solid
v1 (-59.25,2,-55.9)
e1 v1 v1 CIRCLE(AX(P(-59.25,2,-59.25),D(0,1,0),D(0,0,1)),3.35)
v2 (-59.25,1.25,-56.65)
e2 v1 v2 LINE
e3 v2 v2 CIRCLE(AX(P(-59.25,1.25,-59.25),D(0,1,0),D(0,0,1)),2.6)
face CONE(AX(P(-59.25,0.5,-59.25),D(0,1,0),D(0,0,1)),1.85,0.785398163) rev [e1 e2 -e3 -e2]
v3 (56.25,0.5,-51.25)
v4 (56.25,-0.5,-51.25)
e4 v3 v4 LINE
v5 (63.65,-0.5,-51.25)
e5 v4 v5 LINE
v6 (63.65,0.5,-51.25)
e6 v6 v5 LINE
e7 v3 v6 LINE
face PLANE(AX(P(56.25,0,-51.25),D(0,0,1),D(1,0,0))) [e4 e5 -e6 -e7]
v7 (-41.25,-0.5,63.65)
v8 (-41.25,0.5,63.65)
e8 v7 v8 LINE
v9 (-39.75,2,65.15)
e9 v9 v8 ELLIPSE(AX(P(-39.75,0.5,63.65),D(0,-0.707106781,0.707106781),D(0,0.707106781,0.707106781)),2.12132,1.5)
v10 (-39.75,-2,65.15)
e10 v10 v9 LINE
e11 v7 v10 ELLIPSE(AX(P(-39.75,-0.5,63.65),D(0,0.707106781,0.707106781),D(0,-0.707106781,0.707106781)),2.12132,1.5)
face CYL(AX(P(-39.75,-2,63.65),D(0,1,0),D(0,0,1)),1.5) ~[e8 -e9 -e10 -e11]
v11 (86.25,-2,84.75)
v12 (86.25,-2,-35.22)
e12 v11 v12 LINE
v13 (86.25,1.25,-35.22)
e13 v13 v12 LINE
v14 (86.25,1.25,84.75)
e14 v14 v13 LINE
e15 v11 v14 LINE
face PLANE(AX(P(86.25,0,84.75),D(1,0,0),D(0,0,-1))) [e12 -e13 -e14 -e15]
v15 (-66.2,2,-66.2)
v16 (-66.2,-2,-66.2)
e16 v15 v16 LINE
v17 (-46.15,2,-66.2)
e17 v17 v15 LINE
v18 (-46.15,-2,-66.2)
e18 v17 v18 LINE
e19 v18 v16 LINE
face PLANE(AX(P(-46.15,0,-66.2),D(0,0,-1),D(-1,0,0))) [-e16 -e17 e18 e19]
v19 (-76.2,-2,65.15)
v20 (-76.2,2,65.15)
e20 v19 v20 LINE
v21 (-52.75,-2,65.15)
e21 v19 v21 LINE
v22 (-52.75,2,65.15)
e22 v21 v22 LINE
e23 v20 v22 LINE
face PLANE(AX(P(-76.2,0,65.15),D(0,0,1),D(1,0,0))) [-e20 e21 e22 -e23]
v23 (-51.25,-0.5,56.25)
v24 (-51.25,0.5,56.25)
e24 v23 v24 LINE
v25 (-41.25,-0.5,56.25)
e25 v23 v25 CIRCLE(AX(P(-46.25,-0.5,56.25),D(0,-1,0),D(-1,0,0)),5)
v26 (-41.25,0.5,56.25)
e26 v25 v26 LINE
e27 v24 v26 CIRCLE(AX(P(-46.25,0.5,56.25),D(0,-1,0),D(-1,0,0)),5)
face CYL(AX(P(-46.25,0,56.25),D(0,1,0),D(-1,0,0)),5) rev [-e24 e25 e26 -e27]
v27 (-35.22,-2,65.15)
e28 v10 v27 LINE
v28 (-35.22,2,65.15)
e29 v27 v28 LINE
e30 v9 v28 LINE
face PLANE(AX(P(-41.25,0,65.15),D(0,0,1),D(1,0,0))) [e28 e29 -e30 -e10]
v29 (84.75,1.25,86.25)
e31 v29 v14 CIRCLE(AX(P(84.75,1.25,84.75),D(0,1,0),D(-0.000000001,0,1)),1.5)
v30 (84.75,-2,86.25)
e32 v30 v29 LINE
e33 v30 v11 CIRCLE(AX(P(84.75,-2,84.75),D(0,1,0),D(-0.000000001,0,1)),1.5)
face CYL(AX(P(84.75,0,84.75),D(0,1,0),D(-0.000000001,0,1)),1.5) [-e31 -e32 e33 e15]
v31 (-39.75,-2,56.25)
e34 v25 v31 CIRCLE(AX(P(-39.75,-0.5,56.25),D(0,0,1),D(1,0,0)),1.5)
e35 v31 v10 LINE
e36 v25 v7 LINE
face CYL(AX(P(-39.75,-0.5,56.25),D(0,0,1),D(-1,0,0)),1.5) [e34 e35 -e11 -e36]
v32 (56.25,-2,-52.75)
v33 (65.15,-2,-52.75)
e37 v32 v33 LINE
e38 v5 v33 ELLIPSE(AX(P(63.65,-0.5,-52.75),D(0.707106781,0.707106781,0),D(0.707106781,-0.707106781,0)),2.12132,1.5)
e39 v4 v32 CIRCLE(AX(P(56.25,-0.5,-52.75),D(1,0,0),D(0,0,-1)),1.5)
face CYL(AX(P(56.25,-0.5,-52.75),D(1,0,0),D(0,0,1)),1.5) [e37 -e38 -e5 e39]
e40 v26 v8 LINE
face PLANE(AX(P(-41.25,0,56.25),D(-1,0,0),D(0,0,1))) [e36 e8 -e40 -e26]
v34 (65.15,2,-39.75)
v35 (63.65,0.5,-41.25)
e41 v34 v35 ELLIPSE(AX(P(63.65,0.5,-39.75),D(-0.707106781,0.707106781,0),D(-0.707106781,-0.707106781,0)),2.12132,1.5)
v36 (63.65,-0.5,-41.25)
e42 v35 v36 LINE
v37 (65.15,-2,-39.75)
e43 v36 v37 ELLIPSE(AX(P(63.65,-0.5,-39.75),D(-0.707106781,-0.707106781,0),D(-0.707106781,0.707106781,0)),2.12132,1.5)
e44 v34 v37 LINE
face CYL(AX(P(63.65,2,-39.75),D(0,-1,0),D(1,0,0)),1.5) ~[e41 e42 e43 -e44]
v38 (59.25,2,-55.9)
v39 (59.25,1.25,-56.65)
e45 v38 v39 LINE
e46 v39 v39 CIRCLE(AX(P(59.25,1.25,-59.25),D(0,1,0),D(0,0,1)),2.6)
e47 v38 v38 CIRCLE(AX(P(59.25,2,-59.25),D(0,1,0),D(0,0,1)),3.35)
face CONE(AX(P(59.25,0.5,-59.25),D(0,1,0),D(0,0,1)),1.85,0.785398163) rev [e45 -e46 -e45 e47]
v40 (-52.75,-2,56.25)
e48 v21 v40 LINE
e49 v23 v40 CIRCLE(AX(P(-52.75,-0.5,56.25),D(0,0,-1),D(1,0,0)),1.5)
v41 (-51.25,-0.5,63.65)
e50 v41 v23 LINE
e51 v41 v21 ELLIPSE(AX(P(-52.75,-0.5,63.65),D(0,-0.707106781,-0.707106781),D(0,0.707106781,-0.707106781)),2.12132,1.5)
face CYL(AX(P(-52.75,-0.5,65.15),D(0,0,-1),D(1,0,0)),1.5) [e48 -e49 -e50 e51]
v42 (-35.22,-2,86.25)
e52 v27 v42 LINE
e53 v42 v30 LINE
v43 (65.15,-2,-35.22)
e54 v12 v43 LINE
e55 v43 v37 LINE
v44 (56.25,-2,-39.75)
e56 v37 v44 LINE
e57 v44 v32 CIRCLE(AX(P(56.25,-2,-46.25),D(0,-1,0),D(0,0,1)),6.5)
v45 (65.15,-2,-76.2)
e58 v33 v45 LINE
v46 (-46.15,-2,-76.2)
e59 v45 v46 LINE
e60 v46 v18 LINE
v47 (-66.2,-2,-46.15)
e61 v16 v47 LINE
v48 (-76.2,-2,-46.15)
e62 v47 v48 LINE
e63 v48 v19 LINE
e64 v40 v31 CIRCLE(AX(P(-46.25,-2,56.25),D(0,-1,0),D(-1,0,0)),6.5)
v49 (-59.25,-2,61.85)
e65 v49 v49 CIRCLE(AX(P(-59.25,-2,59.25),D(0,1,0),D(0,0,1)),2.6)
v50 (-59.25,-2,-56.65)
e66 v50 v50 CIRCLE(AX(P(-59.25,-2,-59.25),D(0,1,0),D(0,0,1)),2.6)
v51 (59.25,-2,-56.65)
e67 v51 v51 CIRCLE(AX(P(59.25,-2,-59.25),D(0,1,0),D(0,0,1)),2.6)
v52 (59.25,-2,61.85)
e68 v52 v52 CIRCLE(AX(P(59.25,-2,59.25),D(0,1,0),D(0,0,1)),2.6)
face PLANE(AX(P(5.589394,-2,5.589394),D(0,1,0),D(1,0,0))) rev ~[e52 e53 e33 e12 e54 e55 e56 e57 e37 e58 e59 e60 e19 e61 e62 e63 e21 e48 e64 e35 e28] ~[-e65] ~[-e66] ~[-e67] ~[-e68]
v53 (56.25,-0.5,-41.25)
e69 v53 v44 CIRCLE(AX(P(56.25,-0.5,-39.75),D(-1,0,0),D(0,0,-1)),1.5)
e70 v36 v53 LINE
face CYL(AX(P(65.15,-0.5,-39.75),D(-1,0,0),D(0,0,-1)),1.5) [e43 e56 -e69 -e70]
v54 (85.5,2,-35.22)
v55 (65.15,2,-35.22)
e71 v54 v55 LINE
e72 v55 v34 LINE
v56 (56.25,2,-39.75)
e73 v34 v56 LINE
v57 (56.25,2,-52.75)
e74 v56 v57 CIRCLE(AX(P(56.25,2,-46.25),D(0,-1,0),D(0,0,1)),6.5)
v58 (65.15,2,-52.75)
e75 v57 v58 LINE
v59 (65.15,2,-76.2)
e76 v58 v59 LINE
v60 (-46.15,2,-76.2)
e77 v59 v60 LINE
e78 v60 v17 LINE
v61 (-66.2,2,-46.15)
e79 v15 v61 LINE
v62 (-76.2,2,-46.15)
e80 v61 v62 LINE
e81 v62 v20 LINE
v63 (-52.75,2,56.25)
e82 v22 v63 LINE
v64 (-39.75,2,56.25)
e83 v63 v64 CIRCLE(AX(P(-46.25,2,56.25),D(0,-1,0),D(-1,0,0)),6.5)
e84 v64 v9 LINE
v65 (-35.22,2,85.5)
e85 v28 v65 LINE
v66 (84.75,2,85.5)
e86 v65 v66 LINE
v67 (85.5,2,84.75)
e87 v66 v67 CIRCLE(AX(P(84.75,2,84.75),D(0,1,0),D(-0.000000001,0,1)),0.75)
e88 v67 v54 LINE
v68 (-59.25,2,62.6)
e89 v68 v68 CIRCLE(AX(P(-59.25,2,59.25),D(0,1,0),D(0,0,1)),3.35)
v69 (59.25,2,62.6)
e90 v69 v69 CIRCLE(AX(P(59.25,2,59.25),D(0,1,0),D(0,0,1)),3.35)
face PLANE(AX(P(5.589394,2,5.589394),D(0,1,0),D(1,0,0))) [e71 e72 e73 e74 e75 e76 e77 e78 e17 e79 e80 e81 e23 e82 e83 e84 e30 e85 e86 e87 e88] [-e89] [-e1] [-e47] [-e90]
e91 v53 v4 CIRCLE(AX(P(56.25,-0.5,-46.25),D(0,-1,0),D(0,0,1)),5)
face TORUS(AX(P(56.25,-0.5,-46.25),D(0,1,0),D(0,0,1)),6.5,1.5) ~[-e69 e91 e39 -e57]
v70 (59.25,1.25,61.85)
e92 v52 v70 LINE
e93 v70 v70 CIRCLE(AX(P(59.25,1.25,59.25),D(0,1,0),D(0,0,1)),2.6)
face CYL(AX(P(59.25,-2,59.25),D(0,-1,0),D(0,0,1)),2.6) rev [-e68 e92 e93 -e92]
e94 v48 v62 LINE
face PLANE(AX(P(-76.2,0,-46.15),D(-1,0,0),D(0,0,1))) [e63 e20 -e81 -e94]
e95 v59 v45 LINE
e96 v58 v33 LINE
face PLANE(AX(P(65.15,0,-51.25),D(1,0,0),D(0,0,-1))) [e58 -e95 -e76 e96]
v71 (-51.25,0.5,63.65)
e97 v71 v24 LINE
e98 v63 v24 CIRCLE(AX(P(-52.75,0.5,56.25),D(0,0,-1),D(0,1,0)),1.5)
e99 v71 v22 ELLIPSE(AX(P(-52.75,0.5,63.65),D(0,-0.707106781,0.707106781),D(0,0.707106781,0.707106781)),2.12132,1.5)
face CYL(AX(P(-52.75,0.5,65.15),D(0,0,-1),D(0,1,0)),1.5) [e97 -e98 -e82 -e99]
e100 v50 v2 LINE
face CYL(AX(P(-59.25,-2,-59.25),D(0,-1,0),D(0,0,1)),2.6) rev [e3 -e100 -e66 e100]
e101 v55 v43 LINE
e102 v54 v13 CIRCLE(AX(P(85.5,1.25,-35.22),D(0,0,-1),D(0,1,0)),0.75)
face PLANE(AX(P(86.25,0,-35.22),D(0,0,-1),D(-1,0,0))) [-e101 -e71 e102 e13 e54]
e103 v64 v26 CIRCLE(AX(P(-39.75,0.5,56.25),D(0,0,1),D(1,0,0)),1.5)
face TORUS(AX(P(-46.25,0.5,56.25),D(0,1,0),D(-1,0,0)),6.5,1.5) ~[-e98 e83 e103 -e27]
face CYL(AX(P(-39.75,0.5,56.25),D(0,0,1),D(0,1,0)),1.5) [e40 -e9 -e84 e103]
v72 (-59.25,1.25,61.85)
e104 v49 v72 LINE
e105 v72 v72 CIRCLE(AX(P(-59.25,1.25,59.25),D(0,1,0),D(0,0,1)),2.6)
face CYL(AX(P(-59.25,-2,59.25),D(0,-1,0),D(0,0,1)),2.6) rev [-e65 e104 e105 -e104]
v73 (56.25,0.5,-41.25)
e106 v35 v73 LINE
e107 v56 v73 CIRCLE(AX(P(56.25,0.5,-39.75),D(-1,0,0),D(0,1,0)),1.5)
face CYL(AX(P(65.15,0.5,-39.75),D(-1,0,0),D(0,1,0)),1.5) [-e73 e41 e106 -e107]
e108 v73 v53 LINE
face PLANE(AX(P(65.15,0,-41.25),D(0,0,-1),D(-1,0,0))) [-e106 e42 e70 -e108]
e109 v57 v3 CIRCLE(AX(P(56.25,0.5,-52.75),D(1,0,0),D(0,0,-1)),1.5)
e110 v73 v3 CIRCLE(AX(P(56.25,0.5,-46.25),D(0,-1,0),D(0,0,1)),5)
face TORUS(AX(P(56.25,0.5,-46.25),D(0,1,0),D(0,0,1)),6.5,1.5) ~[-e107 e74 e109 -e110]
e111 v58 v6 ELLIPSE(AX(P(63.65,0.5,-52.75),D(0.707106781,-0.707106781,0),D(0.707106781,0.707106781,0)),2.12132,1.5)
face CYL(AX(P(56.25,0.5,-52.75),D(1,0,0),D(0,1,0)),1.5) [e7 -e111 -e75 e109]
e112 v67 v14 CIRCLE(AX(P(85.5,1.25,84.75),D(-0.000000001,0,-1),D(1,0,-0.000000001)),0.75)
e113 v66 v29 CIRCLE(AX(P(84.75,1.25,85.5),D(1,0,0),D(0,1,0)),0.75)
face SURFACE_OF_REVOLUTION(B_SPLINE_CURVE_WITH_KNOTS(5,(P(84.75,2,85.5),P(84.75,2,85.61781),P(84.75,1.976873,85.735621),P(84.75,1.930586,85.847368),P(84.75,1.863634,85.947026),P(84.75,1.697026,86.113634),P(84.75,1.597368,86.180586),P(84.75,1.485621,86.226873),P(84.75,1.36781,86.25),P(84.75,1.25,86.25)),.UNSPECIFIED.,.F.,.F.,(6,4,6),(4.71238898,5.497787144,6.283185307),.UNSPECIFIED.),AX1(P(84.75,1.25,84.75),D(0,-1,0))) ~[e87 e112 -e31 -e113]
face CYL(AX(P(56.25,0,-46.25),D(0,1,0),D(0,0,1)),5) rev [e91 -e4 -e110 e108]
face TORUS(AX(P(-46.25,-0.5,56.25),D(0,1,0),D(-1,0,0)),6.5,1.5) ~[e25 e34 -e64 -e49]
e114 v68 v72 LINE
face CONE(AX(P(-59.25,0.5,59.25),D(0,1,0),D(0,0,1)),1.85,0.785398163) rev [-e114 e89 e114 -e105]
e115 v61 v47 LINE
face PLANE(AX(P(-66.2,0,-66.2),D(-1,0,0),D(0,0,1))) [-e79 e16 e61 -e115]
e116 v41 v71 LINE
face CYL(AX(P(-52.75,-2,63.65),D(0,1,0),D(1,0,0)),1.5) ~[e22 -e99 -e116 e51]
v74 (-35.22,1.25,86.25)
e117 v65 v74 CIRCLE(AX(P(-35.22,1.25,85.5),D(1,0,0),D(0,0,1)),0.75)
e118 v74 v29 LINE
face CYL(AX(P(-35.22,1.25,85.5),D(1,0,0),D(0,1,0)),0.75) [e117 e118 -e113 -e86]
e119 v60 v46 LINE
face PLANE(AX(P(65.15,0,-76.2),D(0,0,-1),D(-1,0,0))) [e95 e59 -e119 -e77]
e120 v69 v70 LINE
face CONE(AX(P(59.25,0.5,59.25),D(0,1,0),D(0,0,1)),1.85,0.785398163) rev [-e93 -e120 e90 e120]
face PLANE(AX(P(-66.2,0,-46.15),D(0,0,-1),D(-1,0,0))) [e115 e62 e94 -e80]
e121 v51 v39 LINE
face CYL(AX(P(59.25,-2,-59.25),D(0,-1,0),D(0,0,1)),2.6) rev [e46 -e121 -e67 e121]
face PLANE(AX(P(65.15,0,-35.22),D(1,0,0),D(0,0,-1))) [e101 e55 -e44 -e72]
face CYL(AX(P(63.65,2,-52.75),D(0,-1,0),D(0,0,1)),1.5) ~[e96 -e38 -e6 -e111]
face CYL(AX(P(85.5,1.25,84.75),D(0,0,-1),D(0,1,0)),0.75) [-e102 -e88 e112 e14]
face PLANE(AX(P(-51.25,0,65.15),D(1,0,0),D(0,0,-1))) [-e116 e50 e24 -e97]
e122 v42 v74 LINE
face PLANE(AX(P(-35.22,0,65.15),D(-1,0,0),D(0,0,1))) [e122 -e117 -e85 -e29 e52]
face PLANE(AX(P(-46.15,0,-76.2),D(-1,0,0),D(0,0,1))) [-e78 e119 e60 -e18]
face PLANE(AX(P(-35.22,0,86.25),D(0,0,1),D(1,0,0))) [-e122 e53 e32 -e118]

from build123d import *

# Parameters (mm, degrees)
SKETCH1_R           = 1.85
BOSS_EXTRUDE1_DEPTH = 2
CHAMFER2_SIZE       = 1.5
CUT_EXTRUDE2_START  = -2
SKETCH1_4_R         = 2.6
SKETCH1_4_R_2       = 1.85
CUT_EXTRUDE2_DEPTH  = 3.25
FILLET1_R           = 0.75
FILLET2_R           = 1.5


with BuildPart() as part:
    # Sketch1 → Boss-Extrude1 (new, symmetric)
    with BuildSketch(Plane(origin=(0, 0, 0), x_dir=(1, 0, 0), z_dir=(0, 1, 0))):
        with BuildLine():
            Line((-66.2, 46.15), (-76.2, 46.15))
            Line((-76.2, 46.15), (-76.2, -65.15))
            Line((-76.2, -65.15), (-51.25, -65.15))
            Line((-51.25, -65.15), (-51.25, -56.25))
            ThreePointArc((-51.25, -56.25), (-46.25, -51.25), (-41.25, -56.25))
            Line((-41.25, -56.25), (-41.25, -65.15))
            Line((-41.25, -65.15), (-35.22, -65.15))
            Line((-35.22, -65.15), (-35.22, -86.25))
            Line((-35.22, -86.25), (84.75, -86.25))
            ThreePointArc((84.75, -86.25), (85.810660172, -85.810660172), (86.25, -84.75))
            Line((86.25, -84.75), (86.25, 35.22))
            Line((86.25, 35.22), (65.15, 35.22))
            Line((65.15, 35.22), (65.15, 41.25))
            Line((65.15, 41.25), (56.25, 41.25))
            ThreePointArc((56.25, 41.25), (51.25, 46.25), (56.25, 51.25))
            Line((56.25, 51.25), (65.15, 51.25))
            Line((65.15, 51.25), (65.15, 76.2))
            Line((65.15, 76.2), (-46.15, 76.2))
            Line((-46.15, 76.2), (-46.15, 66.2))
            Line((-46.15, 66.2), (-66.2, 66.2))
            Line((-66.2, 66.2), (-66.2, 46.15))
        make_face()
        with Locations(Location((-59.25, 59.25, 0), (0, 0, 270))):
            Circle(SKETCH1_R, mode=Mode.SUBTRACT)
        with Locations(Location((-59.25, -59.25, 0), (0, 0, 270))):
            Circle(SKETCH1_R, mode=Mode.SUBTRACT)
        with Locations(Location((59.25, -59.25, 0), (0, 0, 270))):
            Circle(SKETCH1_R, mode=Mode.SUBTRACT)
        with Locations(Location((59.25, 59.25, 0), (0, 0, 270))):
            Circle(SKETCH1_R, mode=Mode.SUBTRACT)
    extrude(amount=BOSS_EXTRUDE1_DEPTH, both=True)

    # Chamfer2
    chamfer2_edges = [part.edges().sort_by_distance(p)[0] for p in [
        (-59.25, 2, 57.4),
        (59.25, 2, 57.4),
        (59.25, 2, -61.1),
        (-59.25, 2, -61.1),
    ]]
    chamfer(chamfer2_edges, length=CHAMFER2_SIZE)

    # Sketch1<4> → Cut-Extrude2 (cut)
    # profile 1 of 4: a face of its own
    with BuildSketch(Plane(origin=(0, 0, 0), x_dir=(1, 0, 0), z_dir=(0, 1, 0)).offset(CUT_EXTRUDE2_START)):
        with Locations(Location((-59.25, 59.25, 0), (0, 0, 270))):
            Circle(SKETCH1_4_R)
        with Locations((-59.25, 59.25)):
            Circle(SKETCH1_4_R_2, mode=Mode.SUBTRACT)
    # profile 2 of 4: a face of its own
    with BuildSketch(Plane(origin=(0, 0, 0), x_dir=(1, 0, 0), z_dir=(0, 1, 0)).offset(CUT_EXTRUDE2_START)):
        with Locations(Location((-59.25, -59.25, 0), (0, 0, 270))):
            Circle(SKETCH1_4_R)
        with Locations((-59.25, -59.25)):
            Circle(SKETCH1_4_R_2, mode=Mode.SUBTRACT)
    # profile 3 of 4: a face of its own
    with BuildSketch(Plane(origin=(0, 0, 0), x_dir=(1, 0, 0), z_dir=(0, 1, 0)).offset(CUT_EXTRUDE2_START)):
        with Locations(Location((59.25, -59.25, 0), (0, 0, 270))):
            Circle(SKETCH1_4_R)
        with Locations((59.25, -59.25)):
            Circle(SKETCH1_4_R_2, mode=Mode.SUBTRACT)
    # profile 4 of 4: a face of its own
    with BuildSketch(Plane(origin=(0, 0, 0), x_dir=(1, 0, 0), z_dir=(0, 1, 0)).offset(CUT_EXTRUDE2_START)):
        with Locations(Location((59.25, 59.25, 0), (0, 0, 270))):
            Circle(SKETCH1_4_R)
        with Locations((59.25, 59.25)):
            Circle(SKETCH1_4_R_2, mode=Mode.SUBTRACT)
    extrude(amount=CUT_EXTRUDE2_DEPTH, mode=Mode.SUBTRACT)

    # Fillet1
    fillet1_edges = [part.edges().sort_by_distance(p)[0] for p in [
        (24.765, 2, 86.25),
        (85.810660172, 2, 85.810660172),
        (86.25, 2, 24.765),
    ]]
    fillet(fillet1_edges, radius=FILLET1_R)

    # Fillet2
    fillet2_edges = [part.edges().sort_by_distance(p)[0] for p in [
        (51.25, 2, -46.25),
        (60.7, 2, -51.25),
        (-41.25, -2, 60.7),
        (-46.25, -2, 51.25),
        (-51.25, -2, 60.7),
        (60.7, -2, -51.25),
        (51.25, -2, -46.25),
        (60.7, -2, -41.25),
        (65.15, 0, -41.25),
        (-41.25, 0, 65.15),
        (-51.25, 0, 65.15),
        (65.15, 0, -51.25),
        (-51.25, 2, 60.7),
        (-46.25, 2, 51.25),
        (-41.25, 2, 60.7),
        (60.7, 2, -41.25),
    ]]
    fillet(fillet2_edges, radius=FILLET2_R)


solid = part.part
